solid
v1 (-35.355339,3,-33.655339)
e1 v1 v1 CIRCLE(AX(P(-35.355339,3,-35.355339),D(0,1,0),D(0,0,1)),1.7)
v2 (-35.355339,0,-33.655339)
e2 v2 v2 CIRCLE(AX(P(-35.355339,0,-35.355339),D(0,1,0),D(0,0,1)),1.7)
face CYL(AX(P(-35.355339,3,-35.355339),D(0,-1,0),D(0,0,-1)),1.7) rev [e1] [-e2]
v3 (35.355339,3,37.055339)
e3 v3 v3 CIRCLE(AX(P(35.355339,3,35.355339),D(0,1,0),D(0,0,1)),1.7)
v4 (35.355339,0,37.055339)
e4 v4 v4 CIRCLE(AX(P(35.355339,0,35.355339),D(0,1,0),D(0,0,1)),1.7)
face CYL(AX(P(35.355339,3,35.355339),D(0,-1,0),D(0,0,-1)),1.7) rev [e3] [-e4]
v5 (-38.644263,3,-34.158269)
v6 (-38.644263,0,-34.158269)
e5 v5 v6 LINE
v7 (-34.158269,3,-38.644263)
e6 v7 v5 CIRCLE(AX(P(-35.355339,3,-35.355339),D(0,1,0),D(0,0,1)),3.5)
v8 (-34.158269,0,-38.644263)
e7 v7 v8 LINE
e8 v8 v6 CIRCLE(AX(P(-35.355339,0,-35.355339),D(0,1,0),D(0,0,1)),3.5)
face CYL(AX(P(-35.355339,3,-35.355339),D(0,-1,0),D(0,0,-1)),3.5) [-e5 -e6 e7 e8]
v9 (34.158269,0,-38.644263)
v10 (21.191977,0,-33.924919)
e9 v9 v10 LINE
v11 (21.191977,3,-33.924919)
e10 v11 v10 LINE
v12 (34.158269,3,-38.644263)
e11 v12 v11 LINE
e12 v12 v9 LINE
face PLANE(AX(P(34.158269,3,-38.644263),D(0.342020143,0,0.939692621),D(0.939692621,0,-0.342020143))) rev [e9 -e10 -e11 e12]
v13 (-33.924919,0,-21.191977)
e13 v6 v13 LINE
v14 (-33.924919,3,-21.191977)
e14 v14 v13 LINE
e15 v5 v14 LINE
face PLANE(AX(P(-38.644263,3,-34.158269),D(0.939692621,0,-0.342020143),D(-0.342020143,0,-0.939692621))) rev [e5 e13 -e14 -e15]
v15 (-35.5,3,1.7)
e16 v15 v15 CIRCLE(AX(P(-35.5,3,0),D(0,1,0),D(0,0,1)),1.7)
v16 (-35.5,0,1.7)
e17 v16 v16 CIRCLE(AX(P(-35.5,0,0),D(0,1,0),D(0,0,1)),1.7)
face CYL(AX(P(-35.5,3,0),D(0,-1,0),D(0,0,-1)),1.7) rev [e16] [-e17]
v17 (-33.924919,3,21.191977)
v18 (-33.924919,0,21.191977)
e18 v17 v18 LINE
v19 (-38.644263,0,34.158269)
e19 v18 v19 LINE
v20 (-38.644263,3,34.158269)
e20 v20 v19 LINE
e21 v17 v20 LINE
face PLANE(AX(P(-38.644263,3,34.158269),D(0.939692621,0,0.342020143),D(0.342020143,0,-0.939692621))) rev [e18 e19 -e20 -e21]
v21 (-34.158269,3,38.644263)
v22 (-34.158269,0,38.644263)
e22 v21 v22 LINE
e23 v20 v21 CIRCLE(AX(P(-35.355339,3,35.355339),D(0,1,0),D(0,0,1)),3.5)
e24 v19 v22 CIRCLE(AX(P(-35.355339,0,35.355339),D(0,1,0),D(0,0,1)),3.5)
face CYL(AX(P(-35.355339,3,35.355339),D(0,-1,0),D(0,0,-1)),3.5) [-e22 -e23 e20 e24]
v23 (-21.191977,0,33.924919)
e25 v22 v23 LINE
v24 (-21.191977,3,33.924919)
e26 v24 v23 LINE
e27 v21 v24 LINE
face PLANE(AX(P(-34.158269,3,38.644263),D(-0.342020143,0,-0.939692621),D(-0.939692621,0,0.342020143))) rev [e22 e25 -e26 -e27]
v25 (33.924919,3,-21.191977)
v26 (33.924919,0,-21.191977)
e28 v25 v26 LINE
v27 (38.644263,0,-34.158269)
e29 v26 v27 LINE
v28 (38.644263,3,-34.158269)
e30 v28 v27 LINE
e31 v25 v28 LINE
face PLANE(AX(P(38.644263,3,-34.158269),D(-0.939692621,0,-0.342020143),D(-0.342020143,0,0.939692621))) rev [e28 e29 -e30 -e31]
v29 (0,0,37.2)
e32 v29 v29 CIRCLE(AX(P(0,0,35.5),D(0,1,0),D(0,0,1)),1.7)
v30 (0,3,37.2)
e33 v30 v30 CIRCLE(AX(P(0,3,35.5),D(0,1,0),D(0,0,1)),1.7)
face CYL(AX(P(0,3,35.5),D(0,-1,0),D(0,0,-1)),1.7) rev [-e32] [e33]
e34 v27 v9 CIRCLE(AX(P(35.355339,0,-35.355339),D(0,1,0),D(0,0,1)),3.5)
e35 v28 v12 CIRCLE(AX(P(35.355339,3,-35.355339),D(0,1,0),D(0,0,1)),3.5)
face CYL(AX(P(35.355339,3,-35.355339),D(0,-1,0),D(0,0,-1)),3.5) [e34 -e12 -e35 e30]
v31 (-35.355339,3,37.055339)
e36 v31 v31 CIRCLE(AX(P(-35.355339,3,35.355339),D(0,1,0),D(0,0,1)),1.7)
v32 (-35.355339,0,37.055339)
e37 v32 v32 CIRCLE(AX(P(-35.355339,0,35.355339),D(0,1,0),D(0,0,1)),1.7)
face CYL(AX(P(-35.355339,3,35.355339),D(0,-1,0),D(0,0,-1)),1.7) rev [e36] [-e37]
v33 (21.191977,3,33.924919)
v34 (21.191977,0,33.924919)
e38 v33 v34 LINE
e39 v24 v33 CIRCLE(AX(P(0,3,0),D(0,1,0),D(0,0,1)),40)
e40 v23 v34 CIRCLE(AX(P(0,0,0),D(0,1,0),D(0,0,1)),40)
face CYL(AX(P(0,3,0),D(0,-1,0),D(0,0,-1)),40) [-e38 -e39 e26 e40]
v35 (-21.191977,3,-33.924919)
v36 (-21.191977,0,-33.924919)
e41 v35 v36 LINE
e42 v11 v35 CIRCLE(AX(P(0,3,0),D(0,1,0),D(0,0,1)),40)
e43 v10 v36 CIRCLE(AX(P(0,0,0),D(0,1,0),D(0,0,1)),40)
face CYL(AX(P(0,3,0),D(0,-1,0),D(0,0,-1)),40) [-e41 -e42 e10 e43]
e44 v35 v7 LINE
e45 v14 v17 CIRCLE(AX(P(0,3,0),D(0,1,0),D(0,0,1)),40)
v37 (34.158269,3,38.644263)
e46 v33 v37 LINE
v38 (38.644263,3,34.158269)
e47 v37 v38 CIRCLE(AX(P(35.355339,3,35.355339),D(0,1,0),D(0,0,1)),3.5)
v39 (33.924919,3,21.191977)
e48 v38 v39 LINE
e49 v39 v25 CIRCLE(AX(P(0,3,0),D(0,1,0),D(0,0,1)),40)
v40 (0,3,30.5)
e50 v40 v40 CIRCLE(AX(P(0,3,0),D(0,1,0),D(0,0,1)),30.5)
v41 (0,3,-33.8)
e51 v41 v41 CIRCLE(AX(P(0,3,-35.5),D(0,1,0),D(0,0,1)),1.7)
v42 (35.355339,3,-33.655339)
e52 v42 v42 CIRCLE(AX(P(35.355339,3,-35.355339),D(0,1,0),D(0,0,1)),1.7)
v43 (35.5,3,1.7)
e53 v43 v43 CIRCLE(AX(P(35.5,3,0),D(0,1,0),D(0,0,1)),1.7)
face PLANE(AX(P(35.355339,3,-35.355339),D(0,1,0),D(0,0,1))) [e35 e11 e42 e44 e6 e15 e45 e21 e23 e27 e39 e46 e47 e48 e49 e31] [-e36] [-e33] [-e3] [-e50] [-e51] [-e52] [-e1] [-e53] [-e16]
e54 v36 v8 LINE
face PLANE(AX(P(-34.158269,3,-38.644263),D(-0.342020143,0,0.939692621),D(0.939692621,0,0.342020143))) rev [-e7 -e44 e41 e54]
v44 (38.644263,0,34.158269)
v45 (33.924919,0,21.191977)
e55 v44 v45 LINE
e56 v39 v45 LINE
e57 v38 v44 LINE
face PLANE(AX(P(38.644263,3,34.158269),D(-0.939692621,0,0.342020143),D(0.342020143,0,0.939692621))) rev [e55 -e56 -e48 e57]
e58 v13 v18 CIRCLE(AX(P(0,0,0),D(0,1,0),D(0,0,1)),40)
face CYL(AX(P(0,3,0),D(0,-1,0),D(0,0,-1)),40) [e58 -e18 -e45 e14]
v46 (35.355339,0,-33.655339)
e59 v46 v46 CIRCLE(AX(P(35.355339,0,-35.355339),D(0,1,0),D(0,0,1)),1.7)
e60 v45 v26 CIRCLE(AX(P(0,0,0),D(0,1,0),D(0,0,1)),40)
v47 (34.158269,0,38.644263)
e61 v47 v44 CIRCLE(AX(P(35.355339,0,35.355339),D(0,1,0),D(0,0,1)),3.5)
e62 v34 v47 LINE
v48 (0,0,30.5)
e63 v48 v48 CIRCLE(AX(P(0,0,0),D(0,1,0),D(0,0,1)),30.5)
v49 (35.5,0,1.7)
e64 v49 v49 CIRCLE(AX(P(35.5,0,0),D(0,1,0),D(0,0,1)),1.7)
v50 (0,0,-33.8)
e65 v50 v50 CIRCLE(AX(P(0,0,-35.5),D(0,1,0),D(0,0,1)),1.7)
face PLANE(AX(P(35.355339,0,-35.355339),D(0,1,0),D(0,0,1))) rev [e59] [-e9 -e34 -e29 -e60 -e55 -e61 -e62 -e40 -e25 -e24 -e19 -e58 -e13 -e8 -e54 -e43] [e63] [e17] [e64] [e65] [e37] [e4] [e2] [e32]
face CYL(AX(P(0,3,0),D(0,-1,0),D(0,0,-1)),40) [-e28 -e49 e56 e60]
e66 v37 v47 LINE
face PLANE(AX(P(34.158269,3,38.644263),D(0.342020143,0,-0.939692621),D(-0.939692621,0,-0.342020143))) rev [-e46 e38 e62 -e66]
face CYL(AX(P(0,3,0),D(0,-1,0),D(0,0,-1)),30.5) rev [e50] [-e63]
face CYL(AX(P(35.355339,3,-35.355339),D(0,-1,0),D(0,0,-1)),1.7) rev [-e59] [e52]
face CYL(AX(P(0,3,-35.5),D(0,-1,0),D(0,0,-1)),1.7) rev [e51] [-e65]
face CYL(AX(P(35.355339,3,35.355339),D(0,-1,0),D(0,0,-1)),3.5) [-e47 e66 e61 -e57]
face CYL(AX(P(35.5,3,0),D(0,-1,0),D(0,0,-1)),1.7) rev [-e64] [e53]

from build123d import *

# Parameters (mm, degrees)
SKETCH_1_R      = 30.5
SKETCH_1_R_2    = 1.7
EXTRUDE_1_DEPTH = 3


with BuildPart() as part:
    # 草图1 → 凸台-拉伸1 (new body)
    with BuildSketch(Plane(origin=(0, 0, 0), x_dir=(1, 0, 0), z_dir=(0, 1, 0))):
        with BuildLine():
            Line((34.158268558, 38.644263232), (21.19197667, 33.924918936))
            ThreePointArc((21.19197667, 33.924918936), (0, 40), (-21.19197667, 33.924918936))
            Line((-21.19197667, 33.924918936), (-34.158268558, 38.644263232))
            ThreePointArc((-34.158268558, 38.644263232), (-37.830212793, 37.830212793), (-38.644263232, 34.158268558))
            Line((-38.644263232, 34.158268558), (-33.924918936, 21.19197667))
            ThreePointArc((-33.924918936, 21.19197667), (-40, 0), (-33.924918936, -21.19197667))
            Line((-33.924918936, -21.19197667), (-38.644263232, -34.158268558))
            ThreePointArc((-38.644263232, -34.158268558), (-37.830212793, -37.830212793), (-34.158268558, -38.644263232))
            Line((-34.158268558, -38.644263232), (-21.19197667, -33.924918936))
            ThreePointArc((-21.19197667, -33.924918936), (0, -40), (21.19197667, -33.924918936))
            Line((21.19197667, -33.924918936), (34.158268558, -38.644263232))
            ThreePointArc((34.158268558, -38.644263232), (37.830212793, -37.830212793), (38.644263232, -34.158268558))
            Line((38.644263232, -34.158268558), (33.924918936, -21.19197667))
            ThreePointArc((33.924918936, -21.19197667), (40, 0), (33.924918936, 21.19197667))
            Line((33.924918936, 21.19197667), (38.644263232, 34.158268558))
            ThreePointArc((38.644263232, 34.158268558), (37.830212793, 37.830212793), (34.158268558, 38.644263232))
        make_face()
        with Locations(Location((0, 0, 0), (0, 0, 270))):
            Circle(SKETCH_1_R, mode=Mode.SUBTRACT)
        with Locations(Location((0, 35.5, 0), (0, 0, 270))):
            Circle(SKETCH_1_R_2, mode=Mode.SUBTRACT)
        with Locations(Location((35.5, 0, 0), (0, 0, 270))):
            Circle(SKETCH_1_R_2, mode=Mode.SUBTRACT)
        with Locations(Location((0, -35.5, 0), (0, 0, 270))):
            Circle(SKETCH_1_R_2, mode=Mode.SUBTRACT)
        with Locations(Location((-35.5, 0, 0), (0, 0, 270))):
            Circle(SKETCH_1_R_2, mode=Mode.SUBTRACT)
        with Locations(Location((35.355339059, 35.355339059, 0), (0, 0, 270))):
            Circle(SKETCH_1_R_2, mode=Mode.SUBTRACT)
        with Locations(Location((35.355339059, -35.355339059, 0), (0, 0, 270))):
            Circle(SKETCH_1_R_2, mode=Mode.SUBTRACT)
        with Locations(Location((-35.355339059, -35.355339059, 0), (0, 0, 270))):
            Circle(SKETCH_1_R_2, mode=Mode.SUBTRACT)
        with Locations(Location((-35.355339059, 35.355339059, 0), (0, 0, 270))):
            Circle(SKETCH_1_R_2, mode=Mode.SUBTRACT)
    extrude(amount=EXTRUDE_1_DEPTH)


solid = part.part
